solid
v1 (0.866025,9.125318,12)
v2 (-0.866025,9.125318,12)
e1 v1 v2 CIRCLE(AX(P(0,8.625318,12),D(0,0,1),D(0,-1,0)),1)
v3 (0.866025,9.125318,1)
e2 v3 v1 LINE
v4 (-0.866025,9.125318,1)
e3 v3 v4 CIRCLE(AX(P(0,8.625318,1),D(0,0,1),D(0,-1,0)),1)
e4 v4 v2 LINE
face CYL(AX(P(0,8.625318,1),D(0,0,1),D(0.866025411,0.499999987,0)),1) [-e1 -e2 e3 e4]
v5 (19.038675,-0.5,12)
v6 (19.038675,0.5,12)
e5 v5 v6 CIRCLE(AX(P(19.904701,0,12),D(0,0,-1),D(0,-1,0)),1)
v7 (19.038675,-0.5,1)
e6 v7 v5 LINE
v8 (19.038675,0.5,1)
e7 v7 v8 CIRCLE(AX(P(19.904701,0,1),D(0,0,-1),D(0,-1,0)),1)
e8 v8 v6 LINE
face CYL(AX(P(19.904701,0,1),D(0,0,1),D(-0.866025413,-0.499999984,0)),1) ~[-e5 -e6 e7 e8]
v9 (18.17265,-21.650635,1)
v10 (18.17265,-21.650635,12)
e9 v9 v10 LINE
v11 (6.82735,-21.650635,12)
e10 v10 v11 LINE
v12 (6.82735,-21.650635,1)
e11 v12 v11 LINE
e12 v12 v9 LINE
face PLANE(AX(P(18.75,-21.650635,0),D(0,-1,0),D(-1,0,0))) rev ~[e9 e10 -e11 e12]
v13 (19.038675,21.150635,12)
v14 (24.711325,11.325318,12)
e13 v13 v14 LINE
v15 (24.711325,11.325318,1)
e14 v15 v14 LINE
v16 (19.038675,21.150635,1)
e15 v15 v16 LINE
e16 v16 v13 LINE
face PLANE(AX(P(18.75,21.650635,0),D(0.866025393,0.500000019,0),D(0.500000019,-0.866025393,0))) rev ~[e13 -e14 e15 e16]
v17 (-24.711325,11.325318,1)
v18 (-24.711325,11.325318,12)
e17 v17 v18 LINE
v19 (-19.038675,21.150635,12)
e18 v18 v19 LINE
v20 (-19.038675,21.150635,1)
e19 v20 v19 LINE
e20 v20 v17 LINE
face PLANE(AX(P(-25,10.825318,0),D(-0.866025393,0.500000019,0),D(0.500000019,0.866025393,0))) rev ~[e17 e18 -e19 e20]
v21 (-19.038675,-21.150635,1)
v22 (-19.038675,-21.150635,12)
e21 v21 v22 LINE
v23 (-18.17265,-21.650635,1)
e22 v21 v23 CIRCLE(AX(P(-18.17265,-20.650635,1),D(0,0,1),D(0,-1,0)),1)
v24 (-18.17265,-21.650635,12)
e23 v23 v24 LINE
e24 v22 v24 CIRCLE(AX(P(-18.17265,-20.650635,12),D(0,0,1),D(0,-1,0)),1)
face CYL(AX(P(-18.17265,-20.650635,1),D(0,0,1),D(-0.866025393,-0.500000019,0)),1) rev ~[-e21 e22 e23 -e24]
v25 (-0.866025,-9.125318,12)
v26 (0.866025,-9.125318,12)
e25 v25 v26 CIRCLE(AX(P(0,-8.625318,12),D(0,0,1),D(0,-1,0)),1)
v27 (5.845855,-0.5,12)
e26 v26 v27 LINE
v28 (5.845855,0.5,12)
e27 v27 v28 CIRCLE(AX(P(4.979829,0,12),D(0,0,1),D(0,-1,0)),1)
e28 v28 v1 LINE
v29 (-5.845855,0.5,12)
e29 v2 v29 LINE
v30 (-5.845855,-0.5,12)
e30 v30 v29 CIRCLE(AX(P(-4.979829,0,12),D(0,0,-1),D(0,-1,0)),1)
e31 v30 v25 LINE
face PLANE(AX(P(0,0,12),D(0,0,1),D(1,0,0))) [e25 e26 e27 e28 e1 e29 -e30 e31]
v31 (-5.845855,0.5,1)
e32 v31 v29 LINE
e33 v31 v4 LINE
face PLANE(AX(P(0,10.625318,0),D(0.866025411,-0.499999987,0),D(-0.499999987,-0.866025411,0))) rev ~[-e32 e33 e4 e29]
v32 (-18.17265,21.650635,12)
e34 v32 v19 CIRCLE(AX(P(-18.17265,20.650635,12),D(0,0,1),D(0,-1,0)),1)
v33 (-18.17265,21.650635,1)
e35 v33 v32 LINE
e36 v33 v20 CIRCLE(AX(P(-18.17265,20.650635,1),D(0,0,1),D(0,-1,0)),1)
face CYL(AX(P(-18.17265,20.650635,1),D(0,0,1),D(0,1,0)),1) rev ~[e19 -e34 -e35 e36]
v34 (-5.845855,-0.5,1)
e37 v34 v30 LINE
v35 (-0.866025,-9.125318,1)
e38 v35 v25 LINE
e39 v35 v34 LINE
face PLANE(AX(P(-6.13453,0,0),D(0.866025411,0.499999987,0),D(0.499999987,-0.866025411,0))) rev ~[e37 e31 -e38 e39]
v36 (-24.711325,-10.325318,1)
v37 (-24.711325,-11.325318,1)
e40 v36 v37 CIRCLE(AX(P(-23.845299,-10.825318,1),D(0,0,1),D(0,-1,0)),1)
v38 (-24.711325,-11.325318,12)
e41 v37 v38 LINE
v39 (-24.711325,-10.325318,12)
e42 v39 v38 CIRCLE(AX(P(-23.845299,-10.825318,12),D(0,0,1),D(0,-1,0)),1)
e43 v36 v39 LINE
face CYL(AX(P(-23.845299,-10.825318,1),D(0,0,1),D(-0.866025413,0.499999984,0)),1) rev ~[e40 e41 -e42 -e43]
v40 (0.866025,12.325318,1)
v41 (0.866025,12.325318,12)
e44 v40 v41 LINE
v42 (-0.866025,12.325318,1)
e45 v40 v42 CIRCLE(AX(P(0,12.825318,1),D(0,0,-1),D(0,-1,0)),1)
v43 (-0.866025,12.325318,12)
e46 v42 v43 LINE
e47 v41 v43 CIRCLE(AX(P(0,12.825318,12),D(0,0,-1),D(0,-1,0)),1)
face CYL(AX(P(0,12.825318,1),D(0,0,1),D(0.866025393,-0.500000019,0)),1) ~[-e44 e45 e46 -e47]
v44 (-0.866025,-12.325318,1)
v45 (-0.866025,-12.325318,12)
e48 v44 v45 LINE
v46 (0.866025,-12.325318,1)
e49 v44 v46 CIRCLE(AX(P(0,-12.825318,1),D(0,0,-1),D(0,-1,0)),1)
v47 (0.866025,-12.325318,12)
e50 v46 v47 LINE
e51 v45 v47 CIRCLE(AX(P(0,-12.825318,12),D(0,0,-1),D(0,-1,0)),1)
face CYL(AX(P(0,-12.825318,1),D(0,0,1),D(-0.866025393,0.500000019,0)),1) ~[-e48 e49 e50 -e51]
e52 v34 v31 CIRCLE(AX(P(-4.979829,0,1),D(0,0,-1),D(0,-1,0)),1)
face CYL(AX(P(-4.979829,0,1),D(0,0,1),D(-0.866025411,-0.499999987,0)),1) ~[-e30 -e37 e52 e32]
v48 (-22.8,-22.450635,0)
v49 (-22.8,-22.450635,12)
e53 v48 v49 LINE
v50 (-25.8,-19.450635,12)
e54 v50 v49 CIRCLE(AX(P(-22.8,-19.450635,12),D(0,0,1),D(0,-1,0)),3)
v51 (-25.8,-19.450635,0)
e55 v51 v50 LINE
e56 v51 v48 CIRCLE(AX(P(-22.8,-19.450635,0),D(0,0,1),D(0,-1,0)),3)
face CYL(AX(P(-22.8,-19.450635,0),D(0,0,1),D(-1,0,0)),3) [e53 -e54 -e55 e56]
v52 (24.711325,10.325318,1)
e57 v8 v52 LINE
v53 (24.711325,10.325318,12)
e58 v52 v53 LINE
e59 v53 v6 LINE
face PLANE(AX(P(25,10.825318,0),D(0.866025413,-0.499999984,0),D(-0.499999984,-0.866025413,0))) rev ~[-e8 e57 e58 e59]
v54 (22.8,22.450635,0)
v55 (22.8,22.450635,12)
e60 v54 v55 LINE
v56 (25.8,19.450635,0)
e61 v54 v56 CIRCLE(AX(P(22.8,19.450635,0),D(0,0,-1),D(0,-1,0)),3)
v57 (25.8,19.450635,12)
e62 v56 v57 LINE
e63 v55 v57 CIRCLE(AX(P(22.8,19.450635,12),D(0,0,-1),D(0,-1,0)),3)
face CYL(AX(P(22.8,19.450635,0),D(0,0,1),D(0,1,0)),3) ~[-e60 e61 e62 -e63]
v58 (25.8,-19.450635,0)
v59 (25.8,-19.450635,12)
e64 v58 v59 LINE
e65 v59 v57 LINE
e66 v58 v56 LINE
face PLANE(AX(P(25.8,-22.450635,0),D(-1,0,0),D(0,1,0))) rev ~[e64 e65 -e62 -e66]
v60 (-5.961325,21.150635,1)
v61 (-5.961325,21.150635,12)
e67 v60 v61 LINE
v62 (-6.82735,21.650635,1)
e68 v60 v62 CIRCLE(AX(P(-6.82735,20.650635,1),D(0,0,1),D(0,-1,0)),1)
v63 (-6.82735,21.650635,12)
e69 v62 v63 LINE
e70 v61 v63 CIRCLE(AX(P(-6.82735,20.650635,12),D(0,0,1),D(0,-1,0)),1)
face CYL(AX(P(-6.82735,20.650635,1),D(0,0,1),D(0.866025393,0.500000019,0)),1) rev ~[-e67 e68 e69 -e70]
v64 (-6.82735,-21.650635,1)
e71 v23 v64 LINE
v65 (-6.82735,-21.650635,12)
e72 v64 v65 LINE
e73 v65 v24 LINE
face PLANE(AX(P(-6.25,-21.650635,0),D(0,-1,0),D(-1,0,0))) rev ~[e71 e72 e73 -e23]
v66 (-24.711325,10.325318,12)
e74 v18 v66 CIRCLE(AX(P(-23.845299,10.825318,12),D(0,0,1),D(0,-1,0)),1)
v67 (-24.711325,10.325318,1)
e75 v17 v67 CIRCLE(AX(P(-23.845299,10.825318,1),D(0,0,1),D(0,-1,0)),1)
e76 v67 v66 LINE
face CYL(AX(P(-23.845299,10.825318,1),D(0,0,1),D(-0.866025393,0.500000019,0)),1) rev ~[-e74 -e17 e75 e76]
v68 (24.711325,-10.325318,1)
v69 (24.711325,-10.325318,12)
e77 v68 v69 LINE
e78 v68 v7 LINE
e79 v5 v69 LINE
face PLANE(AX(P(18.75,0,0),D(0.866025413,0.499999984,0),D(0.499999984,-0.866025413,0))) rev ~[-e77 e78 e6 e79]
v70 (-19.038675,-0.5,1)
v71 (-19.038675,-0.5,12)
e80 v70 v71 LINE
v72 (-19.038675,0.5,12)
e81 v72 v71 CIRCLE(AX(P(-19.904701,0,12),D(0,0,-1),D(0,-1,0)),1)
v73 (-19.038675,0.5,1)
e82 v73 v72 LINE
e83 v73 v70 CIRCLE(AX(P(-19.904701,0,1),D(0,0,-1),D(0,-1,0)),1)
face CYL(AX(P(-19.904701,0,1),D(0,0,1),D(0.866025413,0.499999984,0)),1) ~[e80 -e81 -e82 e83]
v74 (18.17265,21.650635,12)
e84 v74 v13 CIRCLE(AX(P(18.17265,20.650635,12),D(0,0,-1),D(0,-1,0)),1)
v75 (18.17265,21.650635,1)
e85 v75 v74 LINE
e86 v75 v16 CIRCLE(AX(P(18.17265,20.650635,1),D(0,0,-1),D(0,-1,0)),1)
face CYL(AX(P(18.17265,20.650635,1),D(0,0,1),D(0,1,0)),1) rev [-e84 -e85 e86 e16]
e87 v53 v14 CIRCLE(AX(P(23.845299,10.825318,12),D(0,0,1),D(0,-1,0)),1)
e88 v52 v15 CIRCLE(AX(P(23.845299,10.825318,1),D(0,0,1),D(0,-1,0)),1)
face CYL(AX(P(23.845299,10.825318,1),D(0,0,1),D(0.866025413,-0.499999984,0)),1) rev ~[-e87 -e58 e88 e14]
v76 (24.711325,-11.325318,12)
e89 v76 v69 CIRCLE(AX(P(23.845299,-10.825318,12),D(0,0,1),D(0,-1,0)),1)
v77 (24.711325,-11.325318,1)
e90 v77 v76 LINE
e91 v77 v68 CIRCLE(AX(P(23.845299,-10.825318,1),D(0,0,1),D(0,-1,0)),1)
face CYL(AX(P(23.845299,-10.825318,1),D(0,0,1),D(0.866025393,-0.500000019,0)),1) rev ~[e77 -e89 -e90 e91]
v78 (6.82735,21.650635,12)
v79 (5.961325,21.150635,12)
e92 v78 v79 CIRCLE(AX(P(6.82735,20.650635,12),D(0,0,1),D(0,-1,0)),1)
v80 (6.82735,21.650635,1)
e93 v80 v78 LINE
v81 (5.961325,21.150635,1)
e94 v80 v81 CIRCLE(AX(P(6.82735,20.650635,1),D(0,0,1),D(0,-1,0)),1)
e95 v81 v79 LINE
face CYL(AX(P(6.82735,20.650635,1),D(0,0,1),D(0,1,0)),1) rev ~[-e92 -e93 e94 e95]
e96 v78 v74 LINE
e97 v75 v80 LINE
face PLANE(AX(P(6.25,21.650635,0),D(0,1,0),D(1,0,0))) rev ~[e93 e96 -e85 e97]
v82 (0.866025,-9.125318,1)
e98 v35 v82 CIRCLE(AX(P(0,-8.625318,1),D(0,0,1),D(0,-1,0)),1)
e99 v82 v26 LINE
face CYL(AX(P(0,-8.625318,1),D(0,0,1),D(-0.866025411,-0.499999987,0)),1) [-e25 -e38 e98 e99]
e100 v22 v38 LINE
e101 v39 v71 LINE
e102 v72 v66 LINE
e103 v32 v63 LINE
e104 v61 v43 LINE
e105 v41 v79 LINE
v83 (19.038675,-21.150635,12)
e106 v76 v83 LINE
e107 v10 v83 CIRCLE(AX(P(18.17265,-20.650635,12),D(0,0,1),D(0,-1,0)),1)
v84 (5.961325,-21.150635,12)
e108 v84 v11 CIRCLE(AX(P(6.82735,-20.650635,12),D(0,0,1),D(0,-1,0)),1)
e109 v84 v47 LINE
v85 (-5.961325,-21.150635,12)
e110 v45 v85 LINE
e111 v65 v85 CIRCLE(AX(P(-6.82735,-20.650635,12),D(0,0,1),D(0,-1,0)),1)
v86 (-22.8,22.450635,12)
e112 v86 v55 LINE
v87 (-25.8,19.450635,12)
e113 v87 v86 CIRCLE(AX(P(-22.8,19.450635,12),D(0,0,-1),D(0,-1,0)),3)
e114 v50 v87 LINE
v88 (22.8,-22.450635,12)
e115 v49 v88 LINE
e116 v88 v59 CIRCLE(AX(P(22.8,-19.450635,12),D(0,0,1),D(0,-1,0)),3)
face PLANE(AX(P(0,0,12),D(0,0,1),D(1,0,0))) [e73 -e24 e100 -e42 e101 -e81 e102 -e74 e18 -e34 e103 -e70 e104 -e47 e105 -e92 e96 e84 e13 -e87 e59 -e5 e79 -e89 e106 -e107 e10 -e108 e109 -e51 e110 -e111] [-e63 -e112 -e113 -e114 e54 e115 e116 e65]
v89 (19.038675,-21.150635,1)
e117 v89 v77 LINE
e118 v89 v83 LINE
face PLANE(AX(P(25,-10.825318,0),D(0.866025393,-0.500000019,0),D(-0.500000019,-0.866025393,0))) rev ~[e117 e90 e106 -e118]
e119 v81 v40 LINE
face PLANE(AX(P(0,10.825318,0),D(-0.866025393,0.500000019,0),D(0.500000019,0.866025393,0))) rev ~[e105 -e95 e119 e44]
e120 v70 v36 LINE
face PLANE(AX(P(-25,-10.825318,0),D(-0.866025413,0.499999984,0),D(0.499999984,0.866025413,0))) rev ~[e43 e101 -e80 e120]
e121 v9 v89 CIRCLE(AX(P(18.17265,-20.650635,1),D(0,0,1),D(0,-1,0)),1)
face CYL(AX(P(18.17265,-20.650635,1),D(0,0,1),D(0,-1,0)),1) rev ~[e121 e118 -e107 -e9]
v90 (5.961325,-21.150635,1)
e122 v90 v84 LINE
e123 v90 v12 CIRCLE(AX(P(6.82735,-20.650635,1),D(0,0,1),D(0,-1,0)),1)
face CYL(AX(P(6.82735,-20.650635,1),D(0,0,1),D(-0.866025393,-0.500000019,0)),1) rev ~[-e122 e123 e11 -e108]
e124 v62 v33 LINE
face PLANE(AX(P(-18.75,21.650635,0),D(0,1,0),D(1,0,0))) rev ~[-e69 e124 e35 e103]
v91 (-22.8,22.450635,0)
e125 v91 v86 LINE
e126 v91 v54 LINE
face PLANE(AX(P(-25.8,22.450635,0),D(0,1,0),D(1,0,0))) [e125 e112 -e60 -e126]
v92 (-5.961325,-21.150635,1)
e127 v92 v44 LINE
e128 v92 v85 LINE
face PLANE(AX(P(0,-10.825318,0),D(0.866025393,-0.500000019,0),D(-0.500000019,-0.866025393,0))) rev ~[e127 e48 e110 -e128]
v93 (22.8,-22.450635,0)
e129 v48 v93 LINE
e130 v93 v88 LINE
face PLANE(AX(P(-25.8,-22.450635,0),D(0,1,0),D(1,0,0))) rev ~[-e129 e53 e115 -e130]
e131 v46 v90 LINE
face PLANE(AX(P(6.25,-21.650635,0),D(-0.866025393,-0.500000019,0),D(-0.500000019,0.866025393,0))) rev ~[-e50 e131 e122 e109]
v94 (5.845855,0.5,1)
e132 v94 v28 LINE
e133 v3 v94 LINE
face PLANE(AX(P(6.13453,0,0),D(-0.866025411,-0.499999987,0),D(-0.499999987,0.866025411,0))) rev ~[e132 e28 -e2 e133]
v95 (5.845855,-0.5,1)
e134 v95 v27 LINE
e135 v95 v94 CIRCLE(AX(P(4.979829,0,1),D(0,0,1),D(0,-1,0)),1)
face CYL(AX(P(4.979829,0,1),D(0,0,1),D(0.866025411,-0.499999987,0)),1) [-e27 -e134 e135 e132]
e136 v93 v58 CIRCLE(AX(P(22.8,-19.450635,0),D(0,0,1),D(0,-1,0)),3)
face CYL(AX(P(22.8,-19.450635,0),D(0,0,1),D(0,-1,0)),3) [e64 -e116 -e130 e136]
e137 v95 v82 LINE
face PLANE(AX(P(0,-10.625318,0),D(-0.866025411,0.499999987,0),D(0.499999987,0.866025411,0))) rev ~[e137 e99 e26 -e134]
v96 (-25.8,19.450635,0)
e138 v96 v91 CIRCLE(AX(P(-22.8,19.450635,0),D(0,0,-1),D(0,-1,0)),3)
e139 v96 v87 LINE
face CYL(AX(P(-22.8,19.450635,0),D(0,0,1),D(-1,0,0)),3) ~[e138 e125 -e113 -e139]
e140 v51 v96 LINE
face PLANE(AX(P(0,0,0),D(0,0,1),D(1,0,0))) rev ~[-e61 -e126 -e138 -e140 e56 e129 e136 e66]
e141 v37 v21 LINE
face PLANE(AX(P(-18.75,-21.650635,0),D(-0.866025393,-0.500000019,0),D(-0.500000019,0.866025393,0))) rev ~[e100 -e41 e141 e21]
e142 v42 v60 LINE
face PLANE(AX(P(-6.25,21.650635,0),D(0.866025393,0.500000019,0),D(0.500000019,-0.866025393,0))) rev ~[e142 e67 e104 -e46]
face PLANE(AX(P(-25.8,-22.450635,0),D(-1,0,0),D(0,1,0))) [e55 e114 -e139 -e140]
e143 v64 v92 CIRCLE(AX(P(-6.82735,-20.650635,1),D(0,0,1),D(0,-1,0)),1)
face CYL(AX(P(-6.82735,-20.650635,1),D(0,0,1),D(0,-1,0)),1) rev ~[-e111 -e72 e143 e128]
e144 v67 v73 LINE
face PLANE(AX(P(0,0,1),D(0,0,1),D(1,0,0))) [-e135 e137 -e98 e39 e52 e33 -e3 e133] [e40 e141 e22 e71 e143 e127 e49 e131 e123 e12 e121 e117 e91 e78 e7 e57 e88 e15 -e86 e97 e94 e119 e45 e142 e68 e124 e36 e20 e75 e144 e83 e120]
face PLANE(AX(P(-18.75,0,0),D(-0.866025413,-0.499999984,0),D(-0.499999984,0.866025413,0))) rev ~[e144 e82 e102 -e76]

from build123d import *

# Parameters (mm, degrees)
F1_DEPTH = 1
F0_W     = 51.6
F0_H     = 44.90127
F2_DEPTH = 12
F3_R     = 3
F4_R     = 1


with BuildPart() as f1:
    # F0 (on Top) → F1 (new body)
    with BuildSketch(Plane.XY):
        Polygon((18.75, 0), (25, 10.825318), (18.75, 21.650635), (6.25, 21.650635), (0, 10.825318), (-6.25, 21.650635), (-18.75, 21.650635), (-25, 10.825318), (-18.75, 0), (-25, -10.825318), (-18.75, -21.650635), (-6.25, -21.650635), (0, -10.825318), (6.25, -21.650635), (18.75, -21.650635), (25, -10.825318), align=None)
        Polygon((-6.13453, 0), (0, 10.625318), (6.13453, 0), (0, -10.625318), align=None, mode=Mode.SUBTRACT)
    extrude(amount=F1_DEPTH)

    # F0 (on Top) → F2 (join)
    with BuildSketch(Plane.XY):
        Rectangle(F0_W, F0_H)
        Polygon((18.75, 21.650635), (25, 10.825318), (18.75, 0), (25, -10.825318), (18.75, -21.650635), (6.25, -21.650635), (0, -10.825318), (-6.25, -21.650635), (-18.75, -21.650635), (-25, -10.825318), (-18.75, 0), (-25, 10.825318), (-18.75, 21.650635), (-6.25, 21.650635), (0, 10.825318), (6.25, 21.650635), align=None, mode=Mode.SUBTRACT)
        Polygon((6.13453, 0), (0, 10.625318), (-6.13453, 0), (0, -10.625318), align=None)
    extrude(amount=F2_DEPTH)

    # F3
    f3_edges = [f1.edges().sort_by_distance(p)[0] for p in [
        (25.8, -22.450635, 6),
        (25.8, 22.450635, 6),
        (-25.8, -22.450635, 6),
        (-25.8, 22.450635, 6),
    ]]
    fillet(f3_edges, radius=F3_R)

    # F4
    f4_edges = [f1.edges().sort_by_distance(p)[0] for p in [
        (0, -10.825318, 6.5),
        (0, -10.625318, 6.5),
        (6.13453, 0, 6.5),
        (0, 10.825318, 6.5),
        (0, 10.625318, 6.5),
        (-25, 10.825318, 6.5),
        (-18.75, 0, 6.5),
        (-25, -10.825318, 6.5),
        (-6.13453, 0, 6.5),
        (-18.75, -21.650635, 6.5),
        (-6.25, -21.650635, 6.5),
        (-6.25, 21.650635, 6.5),
        (-18.75, 21.650635, 6.5),
        (6.25, -21.650635, 6.5),
        (18.75, -21.650635, 6.5),
        (18.75, 0, 6.5),
        (6.25, 21.650635, 6.5),
        (18.75, 21.650635, 6.5),
        (25, 10.825318, 6.5),
        (25, -10.825318, 6.5),
    ]]
    fillet(f4_edges, radius=F4_R)


solid = f1.part
